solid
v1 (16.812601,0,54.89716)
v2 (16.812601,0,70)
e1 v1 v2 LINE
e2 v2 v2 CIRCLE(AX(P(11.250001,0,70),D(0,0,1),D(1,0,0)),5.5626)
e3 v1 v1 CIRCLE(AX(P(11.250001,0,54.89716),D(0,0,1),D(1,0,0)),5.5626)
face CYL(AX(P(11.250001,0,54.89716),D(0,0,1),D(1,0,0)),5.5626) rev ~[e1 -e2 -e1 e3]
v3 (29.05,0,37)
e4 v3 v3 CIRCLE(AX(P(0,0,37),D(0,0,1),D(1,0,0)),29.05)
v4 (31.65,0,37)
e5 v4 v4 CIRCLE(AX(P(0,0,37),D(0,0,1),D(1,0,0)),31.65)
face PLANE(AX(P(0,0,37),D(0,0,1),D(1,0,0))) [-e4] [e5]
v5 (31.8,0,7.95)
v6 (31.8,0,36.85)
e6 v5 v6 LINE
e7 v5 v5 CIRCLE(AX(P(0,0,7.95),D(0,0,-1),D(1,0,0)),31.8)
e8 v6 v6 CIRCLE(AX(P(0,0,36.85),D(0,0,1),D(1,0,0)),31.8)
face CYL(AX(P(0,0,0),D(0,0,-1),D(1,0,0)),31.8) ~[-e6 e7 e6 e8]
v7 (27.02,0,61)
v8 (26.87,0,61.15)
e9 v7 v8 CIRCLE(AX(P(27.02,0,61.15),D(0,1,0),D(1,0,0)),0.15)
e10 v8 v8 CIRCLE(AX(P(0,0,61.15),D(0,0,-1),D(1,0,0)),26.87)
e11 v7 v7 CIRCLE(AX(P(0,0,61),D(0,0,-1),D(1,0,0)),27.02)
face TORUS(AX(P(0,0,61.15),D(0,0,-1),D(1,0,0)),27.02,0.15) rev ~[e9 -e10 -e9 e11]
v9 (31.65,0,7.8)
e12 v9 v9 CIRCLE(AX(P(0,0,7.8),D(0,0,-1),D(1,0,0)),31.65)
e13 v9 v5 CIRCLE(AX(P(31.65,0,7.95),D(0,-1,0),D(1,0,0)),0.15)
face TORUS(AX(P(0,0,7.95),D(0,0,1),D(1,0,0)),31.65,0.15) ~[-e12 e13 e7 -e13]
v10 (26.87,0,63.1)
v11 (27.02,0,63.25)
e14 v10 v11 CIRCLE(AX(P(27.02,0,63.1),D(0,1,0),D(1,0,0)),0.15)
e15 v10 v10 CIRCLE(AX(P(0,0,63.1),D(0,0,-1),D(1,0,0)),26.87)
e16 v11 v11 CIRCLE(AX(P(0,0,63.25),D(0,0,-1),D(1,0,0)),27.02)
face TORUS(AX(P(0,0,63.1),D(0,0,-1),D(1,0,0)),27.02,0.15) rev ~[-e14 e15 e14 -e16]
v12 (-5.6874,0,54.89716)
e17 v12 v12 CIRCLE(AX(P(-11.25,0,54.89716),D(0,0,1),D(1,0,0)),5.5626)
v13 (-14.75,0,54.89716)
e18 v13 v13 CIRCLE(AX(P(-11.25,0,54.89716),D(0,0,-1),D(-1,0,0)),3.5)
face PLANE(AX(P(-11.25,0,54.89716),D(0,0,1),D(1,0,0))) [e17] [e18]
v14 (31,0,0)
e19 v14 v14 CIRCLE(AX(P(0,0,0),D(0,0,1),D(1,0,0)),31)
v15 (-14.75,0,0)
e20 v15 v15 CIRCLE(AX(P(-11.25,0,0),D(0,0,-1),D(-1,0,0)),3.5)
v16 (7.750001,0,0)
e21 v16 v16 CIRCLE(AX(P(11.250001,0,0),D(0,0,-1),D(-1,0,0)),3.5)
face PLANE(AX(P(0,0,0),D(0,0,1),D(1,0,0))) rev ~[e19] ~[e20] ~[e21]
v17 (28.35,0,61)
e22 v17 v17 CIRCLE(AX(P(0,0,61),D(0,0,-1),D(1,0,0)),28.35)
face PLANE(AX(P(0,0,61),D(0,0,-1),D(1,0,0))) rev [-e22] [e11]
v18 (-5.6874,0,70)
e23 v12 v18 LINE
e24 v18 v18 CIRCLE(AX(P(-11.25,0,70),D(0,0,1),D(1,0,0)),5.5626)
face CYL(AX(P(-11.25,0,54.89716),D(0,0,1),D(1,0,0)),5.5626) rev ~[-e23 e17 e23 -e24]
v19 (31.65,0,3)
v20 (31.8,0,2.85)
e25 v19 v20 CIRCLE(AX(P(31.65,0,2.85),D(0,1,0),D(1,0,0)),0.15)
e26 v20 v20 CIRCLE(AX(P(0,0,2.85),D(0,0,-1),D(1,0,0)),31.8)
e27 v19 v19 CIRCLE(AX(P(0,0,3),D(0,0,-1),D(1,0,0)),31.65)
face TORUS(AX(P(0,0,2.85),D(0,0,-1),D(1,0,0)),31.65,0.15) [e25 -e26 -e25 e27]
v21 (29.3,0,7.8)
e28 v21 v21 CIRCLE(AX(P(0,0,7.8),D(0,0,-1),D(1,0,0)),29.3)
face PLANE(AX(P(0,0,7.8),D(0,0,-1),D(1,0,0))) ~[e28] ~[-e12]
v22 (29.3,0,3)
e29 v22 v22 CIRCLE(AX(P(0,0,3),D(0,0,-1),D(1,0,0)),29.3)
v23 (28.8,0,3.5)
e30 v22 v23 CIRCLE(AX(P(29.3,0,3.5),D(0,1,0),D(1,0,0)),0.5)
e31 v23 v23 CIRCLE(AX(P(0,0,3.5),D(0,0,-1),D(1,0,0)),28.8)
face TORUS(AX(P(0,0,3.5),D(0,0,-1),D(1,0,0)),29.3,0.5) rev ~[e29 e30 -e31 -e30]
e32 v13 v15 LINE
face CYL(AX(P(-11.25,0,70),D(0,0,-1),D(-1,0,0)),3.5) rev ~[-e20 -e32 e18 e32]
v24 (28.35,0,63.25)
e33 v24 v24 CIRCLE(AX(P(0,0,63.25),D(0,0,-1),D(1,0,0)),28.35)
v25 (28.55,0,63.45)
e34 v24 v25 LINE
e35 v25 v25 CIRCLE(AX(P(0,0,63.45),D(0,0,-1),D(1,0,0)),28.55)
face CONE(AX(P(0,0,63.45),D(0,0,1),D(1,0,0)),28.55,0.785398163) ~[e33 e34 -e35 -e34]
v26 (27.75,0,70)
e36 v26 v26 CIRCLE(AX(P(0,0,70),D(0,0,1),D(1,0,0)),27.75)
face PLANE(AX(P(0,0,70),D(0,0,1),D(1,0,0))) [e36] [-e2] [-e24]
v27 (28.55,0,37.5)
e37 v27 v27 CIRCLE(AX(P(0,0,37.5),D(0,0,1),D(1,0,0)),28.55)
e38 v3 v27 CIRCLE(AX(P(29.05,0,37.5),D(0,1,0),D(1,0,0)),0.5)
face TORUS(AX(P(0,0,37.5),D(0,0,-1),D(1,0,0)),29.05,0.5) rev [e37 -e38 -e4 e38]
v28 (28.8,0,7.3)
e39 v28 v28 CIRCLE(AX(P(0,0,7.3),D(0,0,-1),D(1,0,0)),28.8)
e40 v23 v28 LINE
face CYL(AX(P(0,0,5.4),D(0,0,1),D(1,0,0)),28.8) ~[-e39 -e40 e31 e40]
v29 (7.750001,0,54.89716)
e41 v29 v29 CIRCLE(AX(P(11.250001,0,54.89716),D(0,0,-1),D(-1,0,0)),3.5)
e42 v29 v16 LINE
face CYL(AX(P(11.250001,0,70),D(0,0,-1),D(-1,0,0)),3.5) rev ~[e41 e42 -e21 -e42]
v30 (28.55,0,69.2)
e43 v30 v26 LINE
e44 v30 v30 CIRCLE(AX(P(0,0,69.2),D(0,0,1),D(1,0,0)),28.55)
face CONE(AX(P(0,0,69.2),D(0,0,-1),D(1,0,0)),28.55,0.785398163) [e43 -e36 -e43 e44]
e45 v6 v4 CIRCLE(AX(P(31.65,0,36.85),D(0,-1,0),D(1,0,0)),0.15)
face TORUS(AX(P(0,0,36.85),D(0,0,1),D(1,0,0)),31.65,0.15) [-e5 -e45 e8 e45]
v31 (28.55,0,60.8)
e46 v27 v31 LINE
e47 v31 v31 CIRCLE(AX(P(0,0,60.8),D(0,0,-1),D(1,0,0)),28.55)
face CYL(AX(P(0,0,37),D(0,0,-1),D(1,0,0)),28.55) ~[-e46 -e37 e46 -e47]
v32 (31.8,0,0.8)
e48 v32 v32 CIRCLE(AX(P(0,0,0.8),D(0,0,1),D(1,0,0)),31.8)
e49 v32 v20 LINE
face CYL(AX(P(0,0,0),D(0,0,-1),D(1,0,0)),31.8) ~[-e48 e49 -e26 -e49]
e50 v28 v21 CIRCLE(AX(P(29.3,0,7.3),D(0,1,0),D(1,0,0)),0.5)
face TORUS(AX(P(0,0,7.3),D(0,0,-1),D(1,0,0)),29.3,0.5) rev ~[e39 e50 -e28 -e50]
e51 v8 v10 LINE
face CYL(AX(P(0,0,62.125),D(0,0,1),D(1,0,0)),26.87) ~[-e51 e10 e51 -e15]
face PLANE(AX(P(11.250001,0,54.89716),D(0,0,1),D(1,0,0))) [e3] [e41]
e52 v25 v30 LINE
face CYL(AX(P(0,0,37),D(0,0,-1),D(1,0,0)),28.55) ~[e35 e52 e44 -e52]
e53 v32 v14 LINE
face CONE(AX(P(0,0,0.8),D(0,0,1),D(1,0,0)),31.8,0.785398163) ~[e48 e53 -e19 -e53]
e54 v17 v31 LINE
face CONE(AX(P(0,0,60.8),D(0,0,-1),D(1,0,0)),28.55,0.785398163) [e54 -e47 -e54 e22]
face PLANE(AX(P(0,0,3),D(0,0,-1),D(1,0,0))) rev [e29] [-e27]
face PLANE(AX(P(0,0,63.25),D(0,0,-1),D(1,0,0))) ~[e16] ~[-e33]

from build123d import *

# Parameters (mm, degrees)
F0_R            = 31.8
F1_DEPTH        = 37
F2_R            = 28.55
F3_DEPTH        = 33
F4_W            = 3.6
F4_H            = 4.8
F6_R            = 0.5
F7_R            = 0.15
F8_SIZE         = 0.8
F9_W            = 3
F9_H            = 2.25
F11_R           = 0.15
F12_SIZE        = 0.2
F14_D           = 7
F14_CBORE_D     = 11.1252
F14_CBORE_DEPTH = 15.10284


with BuildPart() as f1:
    # F0 (on Top) → F1 (new body)
    with BuildSketch(Plane.XY):
        Circle(F0_R)
    extrude(amount=F1_DEPTH)

    # F2 (on face) → F3 (join)
    with BuildSketch(Plane.XY.offset(37)):
        Circle(F2_R)
    extrude(amount=F3_DEPTH)

    # F4 (on Front) → F5 (revolve, cut)
    with BuildSketch(Plane.XZ):
        with Locations((30.6, 5.4)):
            Rectangle(F4_W, F4_H)
    revolve(axis=Axis((0, 0, 0), (0, 0, -1)), mode=Mode.SUBTRACT)

    # F6
    f6_edges = [f1.edges().sort_by_distance(p)[0] for p in [
        (-28.8, 0, 7.8),
        (-28.8, 0, 3),
        (-28.55, 0, 37),
    ]]
    fillet(f6_edges, radius=F6_R)

    # F7
    f7_edges = [f1.edges().sort_by_distance(p)[0] for p in [
        (-31.8, 0, 7.8),
        (-31.8, 0, 3),
        (-31.8, 0, 37),
    ]]
    fillet(f7_edges, radius=F7_R)

    # F8
    f8_edges = [f1.edges().sort_by_distance(p)[0] for p in [
        (-31.8, 0, 0),
        (-28.55, 0, 70),
    ]]
    chamfer(f8_edges, length=F8_SIZE)

    # F9 (on Front) → F10 (revolve, cut)
    with BuildSketch(Plane.XZ):
        with Locations((28.37, 62.125)):
            Rectangle(F9_W, F9_H)
    revolve(axis=Axis((0, 0, 37), (0, 0, -1)), mode=Mode.SUBTRACT)

    # F11
    f11_edges = [f1.edges().sort_by_distance(p)[0] for p in [
        (-26.87, 0, 63.25),
        (-26.87, 0, 61),
    ]]
    fillet(f11_edges, radius=F11_R)

    # F12
    f12_edges = [f1.edges().sort_by_distance(p)[0] for p in [
        (-28.55, 0, 61),
        (-28.55, 0, 63.25),
    ]]
    chamfer(f12_edges, length=F12_SIZE)

    # F14 (through all)
    with Locations(Plane.XY.offset(70)):
        with Locations((-11.25, 0), (11.2500013784, 0)):
            CounterBoreHole(F14_D / 2, F14_CBORE_D / 2, F14_CBORE_DEPTH)


solid = f1.part
